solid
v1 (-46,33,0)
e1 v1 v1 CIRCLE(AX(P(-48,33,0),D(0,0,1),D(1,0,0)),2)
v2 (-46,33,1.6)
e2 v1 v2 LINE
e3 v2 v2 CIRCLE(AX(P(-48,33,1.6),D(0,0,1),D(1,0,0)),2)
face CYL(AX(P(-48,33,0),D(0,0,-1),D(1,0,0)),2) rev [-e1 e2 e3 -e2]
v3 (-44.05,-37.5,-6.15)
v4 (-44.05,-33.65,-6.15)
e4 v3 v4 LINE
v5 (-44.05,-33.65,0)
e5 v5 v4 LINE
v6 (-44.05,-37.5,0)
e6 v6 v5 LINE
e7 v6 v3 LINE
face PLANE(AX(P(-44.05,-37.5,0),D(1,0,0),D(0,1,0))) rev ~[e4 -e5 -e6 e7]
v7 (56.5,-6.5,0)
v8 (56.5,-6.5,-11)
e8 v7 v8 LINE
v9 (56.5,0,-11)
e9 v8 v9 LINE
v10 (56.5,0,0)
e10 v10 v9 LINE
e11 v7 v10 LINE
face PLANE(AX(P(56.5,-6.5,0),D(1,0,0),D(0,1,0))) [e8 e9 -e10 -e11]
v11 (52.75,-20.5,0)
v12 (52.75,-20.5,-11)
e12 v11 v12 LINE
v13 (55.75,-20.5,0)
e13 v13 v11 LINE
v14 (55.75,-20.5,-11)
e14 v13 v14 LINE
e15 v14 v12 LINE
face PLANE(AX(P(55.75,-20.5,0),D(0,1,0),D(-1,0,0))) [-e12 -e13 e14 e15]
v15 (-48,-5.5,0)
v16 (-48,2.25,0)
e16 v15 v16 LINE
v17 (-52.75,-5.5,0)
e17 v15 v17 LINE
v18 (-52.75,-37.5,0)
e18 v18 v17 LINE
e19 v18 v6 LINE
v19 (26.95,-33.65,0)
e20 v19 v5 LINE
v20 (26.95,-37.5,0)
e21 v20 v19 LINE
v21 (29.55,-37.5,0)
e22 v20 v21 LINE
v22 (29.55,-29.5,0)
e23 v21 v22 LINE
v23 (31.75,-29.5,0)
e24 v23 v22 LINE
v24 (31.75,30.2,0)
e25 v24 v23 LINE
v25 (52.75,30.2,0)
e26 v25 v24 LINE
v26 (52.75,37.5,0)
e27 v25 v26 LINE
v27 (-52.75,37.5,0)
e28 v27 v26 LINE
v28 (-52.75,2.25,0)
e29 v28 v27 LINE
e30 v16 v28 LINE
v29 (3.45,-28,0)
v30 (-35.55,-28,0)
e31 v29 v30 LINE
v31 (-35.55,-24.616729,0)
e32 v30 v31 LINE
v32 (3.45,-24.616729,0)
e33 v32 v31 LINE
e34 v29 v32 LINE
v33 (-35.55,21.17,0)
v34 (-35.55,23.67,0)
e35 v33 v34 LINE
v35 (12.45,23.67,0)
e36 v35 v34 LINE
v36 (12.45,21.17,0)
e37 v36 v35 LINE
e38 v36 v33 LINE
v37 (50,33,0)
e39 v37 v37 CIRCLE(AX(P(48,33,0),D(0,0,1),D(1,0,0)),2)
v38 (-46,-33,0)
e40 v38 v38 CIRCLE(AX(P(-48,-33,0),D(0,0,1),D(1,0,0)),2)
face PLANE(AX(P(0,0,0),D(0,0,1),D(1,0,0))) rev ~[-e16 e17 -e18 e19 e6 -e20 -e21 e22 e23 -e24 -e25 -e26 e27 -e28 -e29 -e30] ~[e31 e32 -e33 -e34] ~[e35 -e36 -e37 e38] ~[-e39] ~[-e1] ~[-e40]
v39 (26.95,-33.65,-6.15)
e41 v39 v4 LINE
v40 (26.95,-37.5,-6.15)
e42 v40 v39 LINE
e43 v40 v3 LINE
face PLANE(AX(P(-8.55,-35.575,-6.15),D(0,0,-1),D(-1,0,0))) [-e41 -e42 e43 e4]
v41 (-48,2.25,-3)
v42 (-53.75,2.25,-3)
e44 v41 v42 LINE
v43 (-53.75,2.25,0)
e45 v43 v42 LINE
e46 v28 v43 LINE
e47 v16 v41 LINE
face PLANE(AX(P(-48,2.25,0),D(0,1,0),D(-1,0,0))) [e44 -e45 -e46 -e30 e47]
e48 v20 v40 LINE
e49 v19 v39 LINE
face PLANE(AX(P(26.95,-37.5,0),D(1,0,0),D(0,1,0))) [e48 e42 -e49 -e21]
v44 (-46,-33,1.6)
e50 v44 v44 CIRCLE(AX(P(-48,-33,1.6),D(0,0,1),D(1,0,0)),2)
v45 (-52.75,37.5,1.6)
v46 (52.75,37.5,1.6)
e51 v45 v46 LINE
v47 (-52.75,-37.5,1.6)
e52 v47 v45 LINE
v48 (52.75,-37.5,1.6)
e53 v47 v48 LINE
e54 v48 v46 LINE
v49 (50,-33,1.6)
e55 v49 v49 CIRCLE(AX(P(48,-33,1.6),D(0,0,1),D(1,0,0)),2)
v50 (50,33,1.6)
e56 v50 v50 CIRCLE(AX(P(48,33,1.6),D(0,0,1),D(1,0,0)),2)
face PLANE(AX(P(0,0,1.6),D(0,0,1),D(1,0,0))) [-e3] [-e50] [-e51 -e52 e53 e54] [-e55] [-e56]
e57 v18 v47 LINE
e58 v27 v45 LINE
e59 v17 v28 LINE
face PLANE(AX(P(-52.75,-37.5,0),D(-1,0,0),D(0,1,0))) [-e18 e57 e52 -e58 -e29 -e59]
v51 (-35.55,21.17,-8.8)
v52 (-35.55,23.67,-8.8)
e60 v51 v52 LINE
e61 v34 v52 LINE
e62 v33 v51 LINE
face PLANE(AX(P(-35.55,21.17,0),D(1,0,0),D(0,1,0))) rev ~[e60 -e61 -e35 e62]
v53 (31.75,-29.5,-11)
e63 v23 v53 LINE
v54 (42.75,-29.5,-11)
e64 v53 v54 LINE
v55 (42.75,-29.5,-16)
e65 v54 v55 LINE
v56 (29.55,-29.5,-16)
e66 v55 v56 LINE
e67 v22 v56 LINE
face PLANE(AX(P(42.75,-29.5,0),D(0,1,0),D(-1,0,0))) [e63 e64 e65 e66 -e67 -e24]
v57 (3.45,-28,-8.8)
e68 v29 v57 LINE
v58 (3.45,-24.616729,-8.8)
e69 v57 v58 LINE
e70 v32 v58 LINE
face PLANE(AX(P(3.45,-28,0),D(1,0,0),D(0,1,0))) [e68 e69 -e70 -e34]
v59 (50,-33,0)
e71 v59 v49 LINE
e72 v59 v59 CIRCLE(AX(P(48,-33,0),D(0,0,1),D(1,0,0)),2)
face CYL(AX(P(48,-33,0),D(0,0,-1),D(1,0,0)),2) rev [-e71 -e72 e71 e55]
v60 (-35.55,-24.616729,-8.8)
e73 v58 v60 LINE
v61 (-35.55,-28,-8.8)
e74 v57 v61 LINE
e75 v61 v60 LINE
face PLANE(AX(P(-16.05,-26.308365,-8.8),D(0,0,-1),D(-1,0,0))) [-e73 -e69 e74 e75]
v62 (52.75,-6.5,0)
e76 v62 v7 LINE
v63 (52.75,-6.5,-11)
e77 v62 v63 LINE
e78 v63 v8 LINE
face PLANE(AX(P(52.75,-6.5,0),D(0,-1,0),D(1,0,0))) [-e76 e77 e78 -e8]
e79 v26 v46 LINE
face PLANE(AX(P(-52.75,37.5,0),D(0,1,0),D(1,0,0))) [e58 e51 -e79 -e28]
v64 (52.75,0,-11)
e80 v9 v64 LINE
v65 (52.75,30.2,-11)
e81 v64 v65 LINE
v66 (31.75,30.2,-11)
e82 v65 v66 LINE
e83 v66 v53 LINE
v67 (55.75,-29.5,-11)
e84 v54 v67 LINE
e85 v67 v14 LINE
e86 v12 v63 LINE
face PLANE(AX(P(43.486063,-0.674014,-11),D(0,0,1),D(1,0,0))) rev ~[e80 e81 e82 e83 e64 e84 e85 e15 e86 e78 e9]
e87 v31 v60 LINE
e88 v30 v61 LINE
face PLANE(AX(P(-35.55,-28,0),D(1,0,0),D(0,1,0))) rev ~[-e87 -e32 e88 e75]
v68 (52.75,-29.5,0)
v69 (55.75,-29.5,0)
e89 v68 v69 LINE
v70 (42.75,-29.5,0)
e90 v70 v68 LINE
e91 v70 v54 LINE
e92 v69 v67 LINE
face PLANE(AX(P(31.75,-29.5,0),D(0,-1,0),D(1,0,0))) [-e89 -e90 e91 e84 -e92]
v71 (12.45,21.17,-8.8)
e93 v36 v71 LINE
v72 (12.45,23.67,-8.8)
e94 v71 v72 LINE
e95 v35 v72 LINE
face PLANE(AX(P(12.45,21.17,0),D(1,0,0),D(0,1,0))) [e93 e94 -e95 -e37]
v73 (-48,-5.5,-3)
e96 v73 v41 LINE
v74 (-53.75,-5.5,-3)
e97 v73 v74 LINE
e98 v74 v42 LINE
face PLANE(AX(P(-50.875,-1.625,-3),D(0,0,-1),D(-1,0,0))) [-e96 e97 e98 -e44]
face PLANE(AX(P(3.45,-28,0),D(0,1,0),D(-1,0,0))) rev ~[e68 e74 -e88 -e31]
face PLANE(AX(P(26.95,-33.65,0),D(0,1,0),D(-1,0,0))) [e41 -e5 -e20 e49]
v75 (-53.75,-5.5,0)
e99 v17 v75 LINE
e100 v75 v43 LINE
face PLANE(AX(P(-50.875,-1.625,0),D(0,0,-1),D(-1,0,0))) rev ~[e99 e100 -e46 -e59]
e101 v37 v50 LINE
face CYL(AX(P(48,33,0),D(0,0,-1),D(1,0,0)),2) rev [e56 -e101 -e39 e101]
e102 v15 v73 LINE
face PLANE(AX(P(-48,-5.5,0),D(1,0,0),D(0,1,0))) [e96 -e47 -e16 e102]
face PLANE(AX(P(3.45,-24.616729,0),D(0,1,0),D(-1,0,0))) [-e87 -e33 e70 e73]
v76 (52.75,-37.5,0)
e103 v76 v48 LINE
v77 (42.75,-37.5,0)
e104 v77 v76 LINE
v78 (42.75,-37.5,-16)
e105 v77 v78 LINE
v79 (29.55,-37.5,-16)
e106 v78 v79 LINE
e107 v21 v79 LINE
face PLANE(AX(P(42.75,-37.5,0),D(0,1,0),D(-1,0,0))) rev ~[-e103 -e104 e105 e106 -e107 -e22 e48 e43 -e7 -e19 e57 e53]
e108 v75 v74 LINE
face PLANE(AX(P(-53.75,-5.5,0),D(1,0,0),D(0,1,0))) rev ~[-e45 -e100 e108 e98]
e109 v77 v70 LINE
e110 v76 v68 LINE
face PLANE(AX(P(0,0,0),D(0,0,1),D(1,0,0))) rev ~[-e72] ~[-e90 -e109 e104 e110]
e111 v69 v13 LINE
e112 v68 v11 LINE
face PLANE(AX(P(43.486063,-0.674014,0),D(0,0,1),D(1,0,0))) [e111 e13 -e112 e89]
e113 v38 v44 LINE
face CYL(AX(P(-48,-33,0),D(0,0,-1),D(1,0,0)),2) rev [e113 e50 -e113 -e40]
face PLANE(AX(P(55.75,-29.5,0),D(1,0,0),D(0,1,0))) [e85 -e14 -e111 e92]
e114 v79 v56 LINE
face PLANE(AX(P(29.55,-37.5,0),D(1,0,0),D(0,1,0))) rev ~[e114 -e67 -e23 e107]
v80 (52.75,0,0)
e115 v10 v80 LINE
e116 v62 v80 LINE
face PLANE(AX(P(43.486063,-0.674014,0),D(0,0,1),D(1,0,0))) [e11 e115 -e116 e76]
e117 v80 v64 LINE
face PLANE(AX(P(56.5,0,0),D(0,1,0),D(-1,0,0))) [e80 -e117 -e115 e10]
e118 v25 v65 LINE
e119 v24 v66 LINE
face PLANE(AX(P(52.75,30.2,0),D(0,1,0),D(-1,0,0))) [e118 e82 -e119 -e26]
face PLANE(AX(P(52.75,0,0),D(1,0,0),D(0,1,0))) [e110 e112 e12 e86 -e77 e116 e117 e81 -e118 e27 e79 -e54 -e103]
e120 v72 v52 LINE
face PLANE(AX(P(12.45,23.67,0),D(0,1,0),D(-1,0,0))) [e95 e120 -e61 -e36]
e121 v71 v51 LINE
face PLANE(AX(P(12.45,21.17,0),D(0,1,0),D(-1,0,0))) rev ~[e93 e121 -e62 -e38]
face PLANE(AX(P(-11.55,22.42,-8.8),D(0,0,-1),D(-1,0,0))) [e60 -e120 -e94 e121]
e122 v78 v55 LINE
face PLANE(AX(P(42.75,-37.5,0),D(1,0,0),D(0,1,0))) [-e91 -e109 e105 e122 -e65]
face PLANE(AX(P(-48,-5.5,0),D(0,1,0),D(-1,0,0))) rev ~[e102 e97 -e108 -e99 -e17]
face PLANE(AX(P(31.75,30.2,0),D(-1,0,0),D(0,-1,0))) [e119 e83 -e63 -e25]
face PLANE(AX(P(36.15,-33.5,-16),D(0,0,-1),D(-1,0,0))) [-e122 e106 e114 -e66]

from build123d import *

# Parameters (mm, degrees)
ESQUISSE1_W        = 105.5
ESQUISSE1_H        = 75
ESQUISSE1_R        = 2
BOSS_EXTRU_1_DEPTH = 1.6
BOSS_EXTRU_2_DEPTH = 11
ESQUISSE6_W        = 13.2
ESQUISSE6_H        = 8
BOSS_EXTRU_3_DEPTH = 16
ESQUISSE7_W        = 71
ESQUISSE7_H        = 3.85
BOSS_EXTRU_4_DEPTH = 6.15
ESQUISSE8_W        = 48
ESQUISSE8_H        = 2.5
ESQUISSE8_W_2      = 39
ESQUISSE8_H_2      = 3.38327079
BOSS_EXTRU_5_DEPTH = 8.8
ESQUISSE9_W        = 5.75
ESQUISSE9_H        = 7.75
BOSS_EXTRU_6_DEPTH = 3


with BuildPart() as part:
    # Esquisse1 → Boss.-Extru.1 (new body)
    with BuildSketch(Plane.XY):
        Rectangle(ESQUISSE1_W, ESQUISSE1_H)
        with Locations((-48, 33)):
            Circle(ESQUISSE1_R, mode=Mode.SUBTRACT)
        with Locations((48, 33)):
            Circle(ESQUISSE1_R, mode=Mode.SUBTRACT)
        with Locations((-48, -33)):
            Circle(ESQUISSE1_R, mode=Mode.SUBTRACT)
        with Locations((48, -33)):
            Circle(ESQUISSE1_R, mode=Mode.SUBTRACT)
    extrude(amount=BOSS_EXTRU_1_DEPTH)

    # Esquisse5 → Boss.-Extru.2 (add)
    with BuildSketch(Plane(origin=(0, 0, 0), x_dir=(-1, 0, 0), z_dir=(0, 0, -1))):
        Polygon((-52.75, 30.2), (-31.75, 30.2), (-31.75, -29.5), (-55.75, -29.5), (-55.75, -20.5), (-52.75, -20.5), (-52.75, -6.5), (-56.5, -6.5), (-56.5, 0), (-52.75, 0), align=None)
    extrude(amount=BOSS_EXTRU_2_DEPTH)

    # Esquisse6 → Boss.-Extru.3 (add)
    with BuildSketch(Plane(origin=(0, 0, 0), x_dir=(-1, 0, 0), z_dir=(0, 0, -1))):
        with Locations((-36.15, -33.5)):
            Rectangle(ESQUISSE6_W, ESQUISSE6_H)
    extrude(amount=BOSS_EXTRU_3_DEPTH)

    # Esquisse7 → Boss.-Extru.4 (add)
    with BuildSketch(Plane(origin=(0, 0, 0), x_dir=(-1, 0, 0), z_dir=(0, 0, -1))):
        with Locations((8.55, -35.575)):
            Rectangle(ESQUISSE7_W, ESQUISSE7_H)
    extrude(amount=BOSS_EXTRU_4_DEPTH)

    # Esquisse8 → Boss.-Extru.5 (add)
    with BuildSketch(Plane(origin=(0, 0, 0), x_dir=(-1, 0, 0), z_dir=(0, 0, -1))):
        with Locations((11.55, 22.42)):
            Rectangle(ESQUISSE8_W, ESQUISSE8_H)
        with Locations((16.05, -26.308364605)):
            Rectangle(ESQUISSE8_W_2, ESQUISSE8_H_2)
    extrude(amount=BOSS_EXTRU_5_DEPTH)

    # Esquisse9 → Boss.-Extru.6 (add)
    with BuildSketch(Plane(origin=(0, 0, 0), x_dir=(-1, 0, 0), z_dir=(0, 0, -1))):
        with Locations((50.875, -1.625)):
            Rectangle(ESQUISSE9_W, ESQUISSE9_H)
    extrude(amount=BOSS_EXTRU_6_DEPTH)


solid = part.part
